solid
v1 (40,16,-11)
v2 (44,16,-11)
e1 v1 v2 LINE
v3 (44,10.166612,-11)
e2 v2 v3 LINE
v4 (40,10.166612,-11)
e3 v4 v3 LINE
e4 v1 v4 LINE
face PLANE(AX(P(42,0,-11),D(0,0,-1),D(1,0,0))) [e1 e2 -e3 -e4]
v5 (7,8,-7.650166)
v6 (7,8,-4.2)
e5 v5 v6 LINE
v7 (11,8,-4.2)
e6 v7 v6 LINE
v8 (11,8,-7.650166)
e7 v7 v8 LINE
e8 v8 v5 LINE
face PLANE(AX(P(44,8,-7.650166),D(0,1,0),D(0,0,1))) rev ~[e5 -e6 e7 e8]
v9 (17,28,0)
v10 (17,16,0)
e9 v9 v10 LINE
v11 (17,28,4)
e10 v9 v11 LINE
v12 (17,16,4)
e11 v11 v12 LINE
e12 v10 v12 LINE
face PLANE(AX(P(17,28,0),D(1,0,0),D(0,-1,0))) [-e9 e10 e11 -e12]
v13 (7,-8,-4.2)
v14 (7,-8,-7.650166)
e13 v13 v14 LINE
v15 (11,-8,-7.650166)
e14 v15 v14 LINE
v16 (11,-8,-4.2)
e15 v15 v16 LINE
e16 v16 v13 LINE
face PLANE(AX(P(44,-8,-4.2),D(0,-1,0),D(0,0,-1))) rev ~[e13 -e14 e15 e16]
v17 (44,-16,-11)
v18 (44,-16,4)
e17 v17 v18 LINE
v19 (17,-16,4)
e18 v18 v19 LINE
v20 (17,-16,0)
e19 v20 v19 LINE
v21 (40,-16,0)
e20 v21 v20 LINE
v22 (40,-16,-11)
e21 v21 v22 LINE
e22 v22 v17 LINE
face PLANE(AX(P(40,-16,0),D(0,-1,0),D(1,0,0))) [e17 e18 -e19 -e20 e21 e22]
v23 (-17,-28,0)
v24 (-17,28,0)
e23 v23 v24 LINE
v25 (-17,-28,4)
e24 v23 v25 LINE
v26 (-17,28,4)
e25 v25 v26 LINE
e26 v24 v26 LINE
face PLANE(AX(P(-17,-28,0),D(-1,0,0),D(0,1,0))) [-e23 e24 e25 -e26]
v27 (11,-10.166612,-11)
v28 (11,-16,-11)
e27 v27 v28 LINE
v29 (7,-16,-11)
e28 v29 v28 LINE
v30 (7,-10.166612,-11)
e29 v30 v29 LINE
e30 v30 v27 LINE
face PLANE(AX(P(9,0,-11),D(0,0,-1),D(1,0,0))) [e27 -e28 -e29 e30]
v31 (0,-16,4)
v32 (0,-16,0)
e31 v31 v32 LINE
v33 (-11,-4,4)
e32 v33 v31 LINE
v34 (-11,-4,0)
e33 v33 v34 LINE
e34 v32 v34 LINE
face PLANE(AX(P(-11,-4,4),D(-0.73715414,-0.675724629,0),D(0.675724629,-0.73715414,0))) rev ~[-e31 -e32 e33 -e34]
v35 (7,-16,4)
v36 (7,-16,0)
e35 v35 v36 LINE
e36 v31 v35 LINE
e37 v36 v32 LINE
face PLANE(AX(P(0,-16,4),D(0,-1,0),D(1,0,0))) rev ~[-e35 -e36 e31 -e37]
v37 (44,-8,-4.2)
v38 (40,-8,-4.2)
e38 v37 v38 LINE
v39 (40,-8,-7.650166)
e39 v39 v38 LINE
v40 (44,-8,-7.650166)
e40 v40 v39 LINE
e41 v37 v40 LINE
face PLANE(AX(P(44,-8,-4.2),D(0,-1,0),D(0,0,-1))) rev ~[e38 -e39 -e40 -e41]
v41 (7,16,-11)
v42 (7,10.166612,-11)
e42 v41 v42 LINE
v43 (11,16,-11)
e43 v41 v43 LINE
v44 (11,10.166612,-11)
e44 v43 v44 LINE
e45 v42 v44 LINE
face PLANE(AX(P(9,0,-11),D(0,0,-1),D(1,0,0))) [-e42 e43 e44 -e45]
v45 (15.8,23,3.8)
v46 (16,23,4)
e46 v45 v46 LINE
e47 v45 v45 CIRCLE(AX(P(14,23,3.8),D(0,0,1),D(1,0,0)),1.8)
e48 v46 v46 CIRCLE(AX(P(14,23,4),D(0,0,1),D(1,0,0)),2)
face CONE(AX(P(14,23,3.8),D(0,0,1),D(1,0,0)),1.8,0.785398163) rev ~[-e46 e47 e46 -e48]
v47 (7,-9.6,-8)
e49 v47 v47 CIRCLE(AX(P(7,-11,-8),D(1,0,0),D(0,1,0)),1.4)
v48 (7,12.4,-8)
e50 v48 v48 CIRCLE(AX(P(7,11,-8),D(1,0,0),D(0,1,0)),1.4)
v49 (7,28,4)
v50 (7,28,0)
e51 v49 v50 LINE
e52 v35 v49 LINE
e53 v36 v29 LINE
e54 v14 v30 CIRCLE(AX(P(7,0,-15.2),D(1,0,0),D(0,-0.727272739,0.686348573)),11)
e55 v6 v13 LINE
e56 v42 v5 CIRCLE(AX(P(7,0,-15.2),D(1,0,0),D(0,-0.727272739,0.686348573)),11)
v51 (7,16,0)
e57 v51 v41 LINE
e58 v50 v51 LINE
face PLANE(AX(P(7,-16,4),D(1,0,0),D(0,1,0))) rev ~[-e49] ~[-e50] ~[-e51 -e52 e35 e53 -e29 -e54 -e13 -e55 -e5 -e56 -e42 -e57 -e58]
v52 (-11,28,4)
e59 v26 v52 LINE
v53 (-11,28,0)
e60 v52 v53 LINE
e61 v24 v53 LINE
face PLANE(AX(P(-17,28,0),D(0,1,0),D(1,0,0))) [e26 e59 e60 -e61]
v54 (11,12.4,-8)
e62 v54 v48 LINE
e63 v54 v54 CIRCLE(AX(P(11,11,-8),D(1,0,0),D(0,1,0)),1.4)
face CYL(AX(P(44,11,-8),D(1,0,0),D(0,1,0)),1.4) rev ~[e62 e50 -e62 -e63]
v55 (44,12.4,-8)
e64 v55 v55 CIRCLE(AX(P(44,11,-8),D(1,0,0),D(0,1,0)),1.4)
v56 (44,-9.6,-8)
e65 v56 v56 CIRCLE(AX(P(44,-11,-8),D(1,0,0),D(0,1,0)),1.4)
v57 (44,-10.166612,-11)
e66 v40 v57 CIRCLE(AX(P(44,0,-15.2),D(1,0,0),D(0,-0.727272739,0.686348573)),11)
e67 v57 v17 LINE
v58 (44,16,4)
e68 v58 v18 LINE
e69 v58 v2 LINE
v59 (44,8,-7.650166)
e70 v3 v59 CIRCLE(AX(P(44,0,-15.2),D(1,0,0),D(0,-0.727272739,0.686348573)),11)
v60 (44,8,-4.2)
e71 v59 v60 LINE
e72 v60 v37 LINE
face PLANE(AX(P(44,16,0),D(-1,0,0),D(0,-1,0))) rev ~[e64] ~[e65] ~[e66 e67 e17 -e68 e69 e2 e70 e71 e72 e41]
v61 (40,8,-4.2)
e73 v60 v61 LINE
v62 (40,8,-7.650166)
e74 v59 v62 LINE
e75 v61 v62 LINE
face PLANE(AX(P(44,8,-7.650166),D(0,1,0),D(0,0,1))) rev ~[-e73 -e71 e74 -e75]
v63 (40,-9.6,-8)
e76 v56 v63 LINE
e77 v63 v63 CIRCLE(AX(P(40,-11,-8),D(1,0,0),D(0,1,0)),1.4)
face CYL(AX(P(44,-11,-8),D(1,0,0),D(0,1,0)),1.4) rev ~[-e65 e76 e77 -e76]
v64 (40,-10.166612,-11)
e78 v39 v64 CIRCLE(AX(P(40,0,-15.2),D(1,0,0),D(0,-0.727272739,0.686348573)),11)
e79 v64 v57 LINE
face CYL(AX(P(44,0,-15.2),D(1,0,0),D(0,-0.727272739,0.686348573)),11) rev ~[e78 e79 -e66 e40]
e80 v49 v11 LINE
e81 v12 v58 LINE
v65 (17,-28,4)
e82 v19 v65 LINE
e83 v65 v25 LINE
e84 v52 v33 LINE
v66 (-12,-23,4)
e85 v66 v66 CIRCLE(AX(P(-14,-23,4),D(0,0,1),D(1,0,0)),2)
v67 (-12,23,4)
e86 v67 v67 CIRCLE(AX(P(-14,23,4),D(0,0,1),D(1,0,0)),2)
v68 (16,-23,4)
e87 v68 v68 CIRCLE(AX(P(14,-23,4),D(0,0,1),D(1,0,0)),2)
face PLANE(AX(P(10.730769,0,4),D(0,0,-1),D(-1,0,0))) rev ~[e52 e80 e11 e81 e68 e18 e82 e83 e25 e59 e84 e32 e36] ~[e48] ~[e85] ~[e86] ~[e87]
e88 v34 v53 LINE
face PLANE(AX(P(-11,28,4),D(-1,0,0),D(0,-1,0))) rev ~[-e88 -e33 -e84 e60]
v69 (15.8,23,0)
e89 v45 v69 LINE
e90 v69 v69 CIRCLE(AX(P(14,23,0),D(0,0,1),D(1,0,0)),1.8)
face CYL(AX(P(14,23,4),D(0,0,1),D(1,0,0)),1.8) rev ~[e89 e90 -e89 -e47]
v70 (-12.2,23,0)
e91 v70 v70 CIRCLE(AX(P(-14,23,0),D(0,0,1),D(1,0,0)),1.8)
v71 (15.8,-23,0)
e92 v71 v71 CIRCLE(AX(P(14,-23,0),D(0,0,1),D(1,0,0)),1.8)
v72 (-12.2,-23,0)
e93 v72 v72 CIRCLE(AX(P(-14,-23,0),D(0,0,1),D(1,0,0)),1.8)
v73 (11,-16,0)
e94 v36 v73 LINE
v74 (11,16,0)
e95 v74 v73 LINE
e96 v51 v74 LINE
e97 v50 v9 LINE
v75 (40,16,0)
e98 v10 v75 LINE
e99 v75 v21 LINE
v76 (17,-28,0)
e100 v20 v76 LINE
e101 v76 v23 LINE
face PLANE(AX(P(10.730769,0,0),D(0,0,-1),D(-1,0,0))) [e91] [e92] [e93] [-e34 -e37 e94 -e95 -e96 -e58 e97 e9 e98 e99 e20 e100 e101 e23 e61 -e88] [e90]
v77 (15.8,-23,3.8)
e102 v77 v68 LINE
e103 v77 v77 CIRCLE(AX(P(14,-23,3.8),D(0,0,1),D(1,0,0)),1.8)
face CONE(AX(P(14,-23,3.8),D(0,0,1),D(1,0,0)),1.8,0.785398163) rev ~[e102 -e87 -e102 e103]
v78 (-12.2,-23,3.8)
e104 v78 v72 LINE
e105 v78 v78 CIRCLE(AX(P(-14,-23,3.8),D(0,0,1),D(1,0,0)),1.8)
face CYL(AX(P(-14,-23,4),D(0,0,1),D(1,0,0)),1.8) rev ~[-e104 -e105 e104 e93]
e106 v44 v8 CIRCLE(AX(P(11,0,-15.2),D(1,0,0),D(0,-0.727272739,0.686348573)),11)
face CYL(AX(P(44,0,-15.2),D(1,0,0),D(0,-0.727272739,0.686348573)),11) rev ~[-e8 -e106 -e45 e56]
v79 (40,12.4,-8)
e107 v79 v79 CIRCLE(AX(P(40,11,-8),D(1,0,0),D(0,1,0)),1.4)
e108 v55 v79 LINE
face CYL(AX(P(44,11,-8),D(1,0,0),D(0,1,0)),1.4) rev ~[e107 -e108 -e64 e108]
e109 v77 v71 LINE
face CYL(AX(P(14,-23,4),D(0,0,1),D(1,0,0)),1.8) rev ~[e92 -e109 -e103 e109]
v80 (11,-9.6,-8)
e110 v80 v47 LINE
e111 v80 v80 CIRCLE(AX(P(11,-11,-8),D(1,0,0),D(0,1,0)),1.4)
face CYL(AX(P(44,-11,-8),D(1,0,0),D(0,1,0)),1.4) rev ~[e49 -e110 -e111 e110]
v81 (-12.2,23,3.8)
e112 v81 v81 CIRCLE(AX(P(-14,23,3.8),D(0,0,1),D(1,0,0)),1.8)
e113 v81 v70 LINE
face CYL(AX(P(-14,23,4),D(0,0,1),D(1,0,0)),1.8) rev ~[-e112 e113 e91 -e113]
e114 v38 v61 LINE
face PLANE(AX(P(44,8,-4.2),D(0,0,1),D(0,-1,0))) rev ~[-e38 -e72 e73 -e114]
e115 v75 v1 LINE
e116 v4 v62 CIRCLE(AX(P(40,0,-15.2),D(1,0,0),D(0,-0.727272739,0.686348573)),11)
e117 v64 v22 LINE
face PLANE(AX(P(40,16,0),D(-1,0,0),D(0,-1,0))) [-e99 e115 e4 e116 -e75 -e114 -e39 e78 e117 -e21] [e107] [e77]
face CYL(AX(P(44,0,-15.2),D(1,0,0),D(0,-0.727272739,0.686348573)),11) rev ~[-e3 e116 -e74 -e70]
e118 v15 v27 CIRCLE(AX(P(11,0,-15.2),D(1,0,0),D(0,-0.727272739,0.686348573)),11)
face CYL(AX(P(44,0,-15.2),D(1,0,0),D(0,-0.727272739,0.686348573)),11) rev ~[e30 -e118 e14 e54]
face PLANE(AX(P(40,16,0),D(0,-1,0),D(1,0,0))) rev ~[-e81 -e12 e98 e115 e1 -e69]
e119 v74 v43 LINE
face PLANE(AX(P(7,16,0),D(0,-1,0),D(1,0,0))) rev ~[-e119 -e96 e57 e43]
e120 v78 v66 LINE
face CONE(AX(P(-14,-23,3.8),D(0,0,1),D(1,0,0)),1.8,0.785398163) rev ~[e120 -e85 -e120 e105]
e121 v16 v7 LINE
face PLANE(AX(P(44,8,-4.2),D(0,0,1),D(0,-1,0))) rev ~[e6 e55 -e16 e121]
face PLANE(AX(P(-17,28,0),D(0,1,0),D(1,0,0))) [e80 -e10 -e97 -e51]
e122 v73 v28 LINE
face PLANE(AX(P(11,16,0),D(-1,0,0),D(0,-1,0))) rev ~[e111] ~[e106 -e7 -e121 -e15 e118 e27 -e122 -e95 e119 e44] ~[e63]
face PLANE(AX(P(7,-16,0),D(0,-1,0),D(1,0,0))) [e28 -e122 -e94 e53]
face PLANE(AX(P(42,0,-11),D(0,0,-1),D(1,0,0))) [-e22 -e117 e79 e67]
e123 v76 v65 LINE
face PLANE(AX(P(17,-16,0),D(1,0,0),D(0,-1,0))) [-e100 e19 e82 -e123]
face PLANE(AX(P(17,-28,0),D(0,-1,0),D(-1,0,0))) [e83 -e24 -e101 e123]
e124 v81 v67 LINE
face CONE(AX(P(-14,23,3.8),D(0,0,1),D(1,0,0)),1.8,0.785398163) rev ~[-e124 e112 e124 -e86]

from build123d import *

# Parameters (mm, degrees)
PAD_DEPTH       = 4
POCKET_DEPTH    = 5
SKETCH005_R     = 1.8
POCKET001_DEPTH = 5
SKETCH004_W     = 4
SKETCH004_H     = 32
PAD001_DEPTH    = 11
SKETCH006_R     = 1.4
POCKET002_DEPTH = 100
POCKET003_DEPTH = 100
CHAMFER001_SIZE = 0.2


with BuildPart() as part:
    # Sketch → Pad (new body)
    with BuildSketch(Plane.XY):
        Polygon((-17, 28), (17, 28), (17, 16), (44, 16), (44, -16), (17, -16), (17, -28), (-17, -28), align=None)
    extrude(amount=PAD_DEPTH)

    # Sketch003 → Pocket (cut)
    with BuildSketch(Plane.XY.offset(4)):
        Polygon((-11, 28), (-11, -4), (0, -16), (7, -16), (7, 28), align=None)
    extrude(amount=-POCKET_DEPTH, mode=Mode.SUBTRACT)

    # Sketch005 (on Face4 of Pocket) → Pocket001 (cut)
    with BuildSketch(Plane.XY.offset(4)):
        with Locations((14, 23)):
            Circle(SKETCH005_R)
        with Locations((14, -23)):
            Circle(SKETCH005_R)
        with Locations((-14, -23)):
            Circle(SKETCH005_R)
        with Locations((-14, 23)):
            Circle(SKETCH005_R)
    extrude(amount=-POCKET001_DEPTH, mode=Mode.SUBTRACT)

    # Sketch004 (on Face2 of Pocket) → Pad001 (join)
    with BuildSketch(Plane(origin=(0, 0, 0), x_dir=(1, 0, 0), z_dir=(0, 0, -1))):
        with Locations((42, 0)):
            Rectangle(SKETCH004_W, SKETCH004_H)
        with Locations((9, 0)):
            Rectangle(SKETCH004_W, SKETCH004_H)
    extrude(amount=PAD001_DEPTH)

    # Sketch006 (on Face29 of Pad001) → Pocket002 (cut)
    with BuildSketch(Plane.YZ.offset(44)):
        with Locations((-11, -8)):
            Circle(SKETCH006_R)
        with Locations((11, -8)):
            Circle(SKETCH006_R)
    extrude(amount=-POCKET002_DEPTH, mode=Mode.SUBTRACT)

    # Sketch007 (on Face33 of Pocket002) → Pocket003 (cut)
    with BuildSketch(Plane.YZ.offset(44)):
        with BuildLine():
            Line((8, -7.650166), (8, -4.2))
            Line((8, -4.2), (-8, -4.2))
            Line((-8, -4.2), (-8, -7.650166))
            ThreePointArc((-8, -7.650166), (0, -26.2), (8, -7.650166))
        make_face()
    extrude(amount=-POCKET003_DEPTH, mode=Mode.SUBTRACT)

    # Chamfer001
    chamfer001_edges = [part.edges().sort_by_distance(p)[0] for p in [
        (-15.8, 23, 4),
        (-15.8, -23, 4),
        (12.2, -23, 4),
        (12.2, 23, 4),
    ]]
    chamfer(chamfer001_edges, length=CHAMFER001_SIZE)


solid = part.part
